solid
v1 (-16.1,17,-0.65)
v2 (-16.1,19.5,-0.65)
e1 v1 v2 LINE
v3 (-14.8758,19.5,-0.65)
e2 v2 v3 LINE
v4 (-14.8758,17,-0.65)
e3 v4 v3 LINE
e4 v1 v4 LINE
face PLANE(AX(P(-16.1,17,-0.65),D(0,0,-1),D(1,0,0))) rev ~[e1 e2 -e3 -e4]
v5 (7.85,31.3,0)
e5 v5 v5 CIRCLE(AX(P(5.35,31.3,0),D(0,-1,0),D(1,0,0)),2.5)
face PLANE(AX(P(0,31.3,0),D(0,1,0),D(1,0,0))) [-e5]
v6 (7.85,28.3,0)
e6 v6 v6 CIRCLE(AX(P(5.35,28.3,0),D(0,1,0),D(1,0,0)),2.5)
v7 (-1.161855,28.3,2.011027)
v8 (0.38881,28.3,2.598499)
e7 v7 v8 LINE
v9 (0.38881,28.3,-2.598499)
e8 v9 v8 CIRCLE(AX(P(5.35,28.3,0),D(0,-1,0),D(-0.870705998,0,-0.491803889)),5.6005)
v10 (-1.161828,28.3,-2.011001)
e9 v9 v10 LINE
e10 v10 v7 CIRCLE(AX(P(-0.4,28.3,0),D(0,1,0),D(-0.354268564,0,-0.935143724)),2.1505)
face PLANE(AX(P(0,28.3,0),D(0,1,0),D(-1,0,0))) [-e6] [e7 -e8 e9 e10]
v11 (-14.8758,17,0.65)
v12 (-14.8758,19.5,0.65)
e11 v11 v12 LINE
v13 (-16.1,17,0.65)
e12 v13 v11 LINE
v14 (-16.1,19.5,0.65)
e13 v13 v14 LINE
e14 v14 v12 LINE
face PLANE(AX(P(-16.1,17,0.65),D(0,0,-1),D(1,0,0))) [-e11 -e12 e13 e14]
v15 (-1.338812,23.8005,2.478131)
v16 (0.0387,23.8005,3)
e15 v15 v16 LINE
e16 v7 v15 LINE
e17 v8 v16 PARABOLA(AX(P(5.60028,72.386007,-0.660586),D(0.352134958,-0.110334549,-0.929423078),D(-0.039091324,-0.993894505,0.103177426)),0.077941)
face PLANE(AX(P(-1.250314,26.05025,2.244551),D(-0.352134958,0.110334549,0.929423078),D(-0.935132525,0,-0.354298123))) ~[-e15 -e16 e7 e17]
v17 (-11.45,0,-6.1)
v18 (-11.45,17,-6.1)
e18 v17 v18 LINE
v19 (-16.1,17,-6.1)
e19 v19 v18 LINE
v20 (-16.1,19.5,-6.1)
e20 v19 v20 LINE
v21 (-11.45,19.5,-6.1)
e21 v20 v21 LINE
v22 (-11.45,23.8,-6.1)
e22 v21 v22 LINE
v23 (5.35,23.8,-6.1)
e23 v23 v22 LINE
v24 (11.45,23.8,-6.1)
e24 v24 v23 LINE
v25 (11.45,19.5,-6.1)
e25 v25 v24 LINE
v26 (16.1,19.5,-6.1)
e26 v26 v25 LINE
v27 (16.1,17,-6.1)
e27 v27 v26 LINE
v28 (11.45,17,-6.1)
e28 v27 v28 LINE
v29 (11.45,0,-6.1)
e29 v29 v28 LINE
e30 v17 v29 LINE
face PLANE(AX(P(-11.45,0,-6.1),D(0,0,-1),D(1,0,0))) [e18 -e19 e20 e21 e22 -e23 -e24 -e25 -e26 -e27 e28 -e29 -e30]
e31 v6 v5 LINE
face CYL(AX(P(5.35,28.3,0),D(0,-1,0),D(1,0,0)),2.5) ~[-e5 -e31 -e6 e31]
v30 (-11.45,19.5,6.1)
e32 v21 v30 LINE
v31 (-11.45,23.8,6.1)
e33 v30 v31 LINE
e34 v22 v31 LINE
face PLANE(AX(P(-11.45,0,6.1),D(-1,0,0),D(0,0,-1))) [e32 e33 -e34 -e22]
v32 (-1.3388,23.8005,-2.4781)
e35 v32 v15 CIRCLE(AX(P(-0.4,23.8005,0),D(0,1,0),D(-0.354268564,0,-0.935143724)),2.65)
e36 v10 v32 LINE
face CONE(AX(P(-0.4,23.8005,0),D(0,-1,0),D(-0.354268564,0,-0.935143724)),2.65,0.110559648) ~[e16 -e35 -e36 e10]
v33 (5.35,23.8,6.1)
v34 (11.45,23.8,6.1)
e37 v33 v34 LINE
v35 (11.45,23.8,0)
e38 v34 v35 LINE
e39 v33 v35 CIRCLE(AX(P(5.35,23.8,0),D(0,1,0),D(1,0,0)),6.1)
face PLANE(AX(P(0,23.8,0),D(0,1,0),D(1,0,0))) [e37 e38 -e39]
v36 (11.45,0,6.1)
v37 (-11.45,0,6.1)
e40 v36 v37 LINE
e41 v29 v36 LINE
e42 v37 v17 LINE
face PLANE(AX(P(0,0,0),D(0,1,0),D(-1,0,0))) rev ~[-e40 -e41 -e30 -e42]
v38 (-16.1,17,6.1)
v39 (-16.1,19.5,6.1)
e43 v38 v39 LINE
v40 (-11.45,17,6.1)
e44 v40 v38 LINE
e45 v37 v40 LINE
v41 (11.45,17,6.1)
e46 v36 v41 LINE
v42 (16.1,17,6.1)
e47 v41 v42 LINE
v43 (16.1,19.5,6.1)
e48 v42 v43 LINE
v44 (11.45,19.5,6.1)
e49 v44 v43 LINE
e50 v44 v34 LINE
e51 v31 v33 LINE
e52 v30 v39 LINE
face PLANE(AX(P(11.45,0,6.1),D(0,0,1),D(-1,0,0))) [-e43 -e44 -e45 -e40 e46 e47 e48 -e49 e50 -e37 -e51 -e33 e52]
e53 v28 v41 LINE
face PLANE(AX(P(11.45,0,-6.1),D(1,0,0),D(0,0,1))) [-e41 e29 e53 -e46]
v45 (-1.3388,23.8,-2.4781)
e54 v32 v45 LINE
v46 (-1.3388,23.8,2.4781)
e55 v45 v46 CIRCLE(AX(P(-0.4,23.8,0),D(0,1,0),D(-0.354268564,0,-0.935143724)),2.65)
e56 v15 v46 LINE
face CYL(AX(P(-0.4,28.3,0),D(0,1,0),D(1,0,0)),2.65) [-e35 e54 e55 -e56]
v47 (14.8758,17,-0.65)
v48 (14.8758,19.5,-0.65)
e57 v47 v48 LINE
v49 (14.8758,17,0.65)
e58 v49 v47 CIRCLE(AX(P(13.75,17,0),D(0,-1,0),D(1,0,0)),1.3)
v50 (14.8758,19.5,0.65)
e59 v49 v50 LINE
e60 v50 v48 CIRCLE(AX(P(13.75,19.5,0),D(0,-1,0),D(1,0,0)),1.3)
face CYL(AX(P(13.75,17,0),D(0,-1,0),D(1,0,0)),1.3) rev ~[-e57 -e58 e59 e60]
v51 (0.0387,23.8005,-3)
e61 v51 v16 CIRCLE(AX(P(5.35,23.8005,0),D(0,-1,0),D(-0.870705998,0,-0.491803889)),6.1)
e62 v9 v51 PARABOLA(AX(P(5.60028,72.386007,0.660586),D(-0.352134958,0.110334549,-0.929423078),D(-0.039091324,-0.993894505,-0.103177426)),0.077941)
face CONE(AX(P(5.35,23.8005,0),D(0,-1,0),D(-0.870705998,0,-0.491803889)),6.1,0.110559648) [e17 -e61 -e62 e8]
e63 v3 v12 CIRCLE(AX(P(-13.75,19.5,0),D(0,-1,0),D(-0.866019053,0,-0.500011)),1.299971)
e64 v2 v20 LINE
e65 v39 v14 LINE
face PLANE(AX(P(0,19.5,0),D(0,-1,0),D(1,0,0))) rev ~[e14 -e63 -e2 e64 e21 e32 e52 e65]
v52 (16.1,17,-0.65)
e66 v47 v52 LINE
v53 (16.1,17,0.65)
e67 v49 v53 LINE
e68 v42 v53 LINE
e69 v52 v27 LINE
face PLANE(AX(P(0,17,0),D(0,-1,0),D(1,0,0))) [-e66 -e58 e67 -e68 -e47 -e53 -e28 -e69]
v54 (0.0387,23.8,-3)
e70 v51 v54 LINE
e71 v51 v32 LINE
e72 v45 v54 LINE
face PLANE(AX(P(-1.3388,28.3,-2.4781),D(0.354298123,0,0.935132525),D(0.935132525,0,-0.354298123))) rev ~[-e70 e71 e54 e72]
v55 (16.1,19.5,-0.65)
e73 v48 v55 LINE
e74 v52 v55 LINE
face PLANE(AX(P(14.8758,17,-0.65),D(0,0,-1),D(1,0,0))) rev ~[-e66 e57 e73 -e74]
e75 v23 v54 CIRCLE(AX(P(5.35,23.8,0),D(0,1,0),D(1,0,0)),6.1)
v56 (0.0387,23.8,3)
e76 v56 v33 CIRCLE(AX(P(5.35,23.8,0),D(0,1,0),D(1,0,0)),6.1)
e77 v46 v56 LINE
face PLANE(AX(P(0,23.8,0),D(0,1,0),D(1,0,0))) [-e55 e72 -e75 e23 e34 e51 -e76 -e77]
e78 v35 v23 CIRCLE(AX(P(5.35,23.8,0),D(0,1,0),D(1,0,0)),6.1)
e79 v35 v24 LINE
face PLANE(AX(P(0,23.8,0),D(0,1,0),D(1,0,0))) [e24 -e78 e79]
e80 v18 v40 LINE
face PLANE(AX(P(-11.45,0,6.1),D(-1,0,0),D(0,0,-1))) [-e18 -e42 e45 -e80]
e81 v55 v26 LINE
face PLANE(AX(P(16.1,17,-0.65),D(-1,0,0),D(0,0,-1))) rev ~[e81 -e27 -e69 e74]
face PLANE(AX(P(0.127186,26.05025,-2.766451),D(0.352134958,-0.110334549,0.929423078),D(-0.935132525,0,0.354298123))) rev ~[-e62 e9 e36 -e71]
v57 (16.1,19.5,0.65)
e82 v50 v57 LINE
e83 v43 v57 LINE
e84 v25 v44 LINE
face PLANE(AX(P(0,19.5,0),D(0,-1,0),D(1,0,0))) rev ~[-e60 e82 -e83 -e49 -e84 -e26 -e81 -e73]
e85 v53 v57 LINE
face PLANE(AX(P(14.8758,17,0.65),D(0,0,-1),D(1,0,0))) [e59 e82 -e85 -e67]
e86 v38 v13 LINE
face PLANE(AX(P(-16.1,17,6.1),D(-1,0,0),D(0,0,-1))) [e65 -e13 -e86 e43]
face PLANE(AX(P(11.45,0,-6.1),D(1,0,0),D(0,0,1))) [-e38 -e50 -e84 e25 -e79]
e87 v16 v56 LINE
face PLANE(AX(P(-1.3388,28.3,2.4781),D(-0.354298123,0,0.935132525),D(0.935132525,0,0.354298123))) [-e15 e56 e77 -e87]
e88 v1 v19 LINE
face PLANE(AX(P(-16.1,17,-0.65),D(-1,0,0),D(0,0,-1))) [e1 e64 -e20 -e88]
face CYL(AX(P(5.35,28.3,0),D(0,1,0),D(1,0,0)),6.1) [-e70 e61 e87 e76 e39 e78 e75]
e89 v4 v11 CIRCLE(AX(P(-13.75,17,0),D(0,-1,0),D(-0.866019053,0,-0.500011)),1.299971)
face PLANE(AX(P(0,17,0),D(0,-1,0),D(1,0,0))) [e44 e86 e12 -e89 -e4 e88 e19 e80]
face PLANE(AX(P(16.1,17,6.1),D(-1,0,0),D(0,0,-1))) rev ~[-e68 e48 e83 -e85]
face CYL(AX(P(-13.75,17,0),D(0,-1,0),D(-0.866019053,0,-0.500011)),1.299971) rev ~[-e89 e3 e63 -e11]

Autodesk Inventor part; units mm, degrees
ref_plane "YZ Plane" through (0, 0, 0) normal (1, 0, 0) x (0, 1, 0)
ref_plane "XZ Plane" through (0, 0, 0) normal (0, 1, 0) x (-1, 0, 0)
sketch "Sketch1" plane through (0, 0, 0) normal (0, 1, 0) x (-1, 0, 0)
  line L0 (-11.45, 6.1) -> (11.45, 6.1)
  line L1 (11.45, 6.1) -> (11.45, -6.1)
  line L2 (11.45, -6.1) -> (-11.45, -6.1)
  line L3 (-11.45, -6.1) -> (-11.45, 6.1)
  line L4 (-11.45, 6.1) -> (11.45, -6.1) construction
  line L5 (11.45, 6.1) -> (-11.45, -6.1) construction
  point P0 (0, 0)
  dimension "d0" = 22.9
  dimension "d1" = 12.2
extrude "Extrusion1" add sketch "Sketch1" along normal blind 28.3
ref_plane "Work Plane1" through (0, 17, 0) normal (0, -1, 0) x (1, 0, 0)
sketch "Sketch2" plane through (0, 17, 0) normal (0, -1, 0) x (1, 0, 0)
  line L0 (-11.45, 6.1) -> (11.45, 6.1) projected
  line L1 (11.45, 6.1) -> (16.1, 6.1)
  line L2 (16.1, 6.1) -> (16.1, -6.1)
  line L3 (16.1, -6.1) -> (11.45, -6.1)
  line L4 (11.45, -6.1) -> (11.45, 6.1)
  line L5 (-11.45, -6.1) -> (-11.45, 6.1) projected
  line L6 (-11.45, 6.1) -> (-16.1, 6.1)
  line L7 (-16.1, 6.1) -> (-16.1, 0.65)
  line L8 (-16.1, -6.1) -> (-11.45, -6.1)
  line L9 (-11.45, -6.1) -> (-11.45, 6.1)
  line L10 (11.45, -6.1) -> (-11.45, -6.1) projected
  arc A0 (-15.05, 0) -> (-14.8758, -0.65) centre (-13.75, 0) ccw construction
  line L11 (-16.1, -0.65) -> (-14.8758, -0.65)
  line L12 (-16.1, 0.65) -> (-14.8758, 0.65)
  line L13 (-16.1, 0) -> (16.1, 0) construction
  line L14 (-16.1, -0.65) -> (-16.1, -6.1)
  line L15 (-16.1, 0.65) -> (-16.1, -0.65) construction
  arc A1 (-14.8758, 0.65) -> (-15.05, 0) centre (-13.75, 0) ccw construction
  arc A2 (-14.8758, -0.65) -> (-14.8758, 0.65) centre (-13.75, 0) ccw
  circle A3 centre (13.75, 0) radius 1.3
  line L16 (14.8758, -0.65) -> (16.1, -0.65)
  line L17 (14.8758, 0.65) -> (16.1, 0.65)
  point P0 (0, 0)
  point P1 (-11.45, 0)
  point P2 (-15.4879, -0.65)
  dimension "d5" = 32.2
  dimension "d6" = 22.9
  dimension "d7" = 4.65
  dimension "d14" = 2.6
  dimension "d15" = 2.3
  dimension "d16" = 1.3
  dimension "d17" = 0.65
  dimension "d18" = 2.6
  dimension "d19" = 2.3
  dimension "d20" = 1.3
  dimension "d21" = 0.65
extrude "Extrusion2" add sketch "Sketch2" against normal blind 2.5 contours L5 L8 L14 L11 A2 L12 L7 L6 | L1 L2 L17 A3 L16 L3 L4
sketch "Sketch3" plane through (0, 28.3, 0) normal (0, 1, 0) x (1, 0, 0)
  circle A0 centre (5.35, 0) radius 2.5
  line L0 (16.1, -6.1) -> (16.1, 6.1) projected
  line L1 (-11.45, 6.1) -> (-11.45, -6.1) construction
  line L2 (-11.45, 0) -> (16.1, 0)
  circle A1 centre (5.35, 0) radius 6.1 construction
  line L3 (11.45, 6.1) -> (-11.45, 6.1) construction
  line L4 (-11.45, -6.1) -> (11.45, -6.1) construction
  line L5 (11.45, -6.1) -> (11.45, 6.1) construction
  point P0 (0, 0)
  dimension "d10" = 5
extrude "Extrusion3" add sketch "Sketch3" along normal blind 3
sketch "Sketch4" plane through (0, 28.3, 0) normal (0, 1, 0) x (1, 0, 0)
  circle A0 centre (5.35, 0) radius 2.5 projected
  circle A1 centre (5.35, 0) radius 6.1
  circle A2 centre (-0.4, 0) radius 2.65
  line L0 (11.45, 6.1) -> (-11.45, 6.1) projected
  line L1 (-0.4, 0) -> (5.35, 0)
  line L2 (-0.4, 0) -> (-3.05, 0)
  line L3 (5.35, 0) -> (11.45, 0)
  line L4 (-1.3388, 2.4781) -> (0.0387, 3)
  line L5 (-1.3388, -2.4781) -> (0.0387, -3)
  line L6 (11.45, 6.1) -> (-11.45, 6.1) projected
  line L7 (11.45, -6.1) -> (11.45, 6.1) projected
  line L8 (-11.45, -6.1) -> (11.45, -6.1) projected
  line L9 (-11.45, 6.1) -> (-11.45, -6.1) projected
  point P0 (0, 0)
  point P1 (5.35, -6.1)
  point P2 (5.35, 6.1)
  dimension "d22" = 14.5
  dimension "d23" = 5.3
  dimension "d24" = 6
  dimension "d25" = 3
extrude "Extrusion4" cut sketch "Sketch4" against normal blind 4.5 contours L7 L8 A1 | A1 L0 L7 | A1 L4 A2 L5 L8 L9 L0
chamfer "Chamfer1" distance 0.5 distance2 4.5 5 edges at (-0.6501, 28.3, 2.7391) (-3.05, 28.3, 0) (-0.6501, 28.3, -2.7391) (10.6183, 28.3, -3.0749) (2.2751, 28.3, 5.2683) measured on face at (0.0574, 28.3, 0)
equation "\"d7\" = -0.5 * d6 + 0.5 * d5"
equation "\"d17\" = 0.5 * d16"
equation "\"d21\" = 0.5 * d20"
properties part number "Servo_small_maketa"
